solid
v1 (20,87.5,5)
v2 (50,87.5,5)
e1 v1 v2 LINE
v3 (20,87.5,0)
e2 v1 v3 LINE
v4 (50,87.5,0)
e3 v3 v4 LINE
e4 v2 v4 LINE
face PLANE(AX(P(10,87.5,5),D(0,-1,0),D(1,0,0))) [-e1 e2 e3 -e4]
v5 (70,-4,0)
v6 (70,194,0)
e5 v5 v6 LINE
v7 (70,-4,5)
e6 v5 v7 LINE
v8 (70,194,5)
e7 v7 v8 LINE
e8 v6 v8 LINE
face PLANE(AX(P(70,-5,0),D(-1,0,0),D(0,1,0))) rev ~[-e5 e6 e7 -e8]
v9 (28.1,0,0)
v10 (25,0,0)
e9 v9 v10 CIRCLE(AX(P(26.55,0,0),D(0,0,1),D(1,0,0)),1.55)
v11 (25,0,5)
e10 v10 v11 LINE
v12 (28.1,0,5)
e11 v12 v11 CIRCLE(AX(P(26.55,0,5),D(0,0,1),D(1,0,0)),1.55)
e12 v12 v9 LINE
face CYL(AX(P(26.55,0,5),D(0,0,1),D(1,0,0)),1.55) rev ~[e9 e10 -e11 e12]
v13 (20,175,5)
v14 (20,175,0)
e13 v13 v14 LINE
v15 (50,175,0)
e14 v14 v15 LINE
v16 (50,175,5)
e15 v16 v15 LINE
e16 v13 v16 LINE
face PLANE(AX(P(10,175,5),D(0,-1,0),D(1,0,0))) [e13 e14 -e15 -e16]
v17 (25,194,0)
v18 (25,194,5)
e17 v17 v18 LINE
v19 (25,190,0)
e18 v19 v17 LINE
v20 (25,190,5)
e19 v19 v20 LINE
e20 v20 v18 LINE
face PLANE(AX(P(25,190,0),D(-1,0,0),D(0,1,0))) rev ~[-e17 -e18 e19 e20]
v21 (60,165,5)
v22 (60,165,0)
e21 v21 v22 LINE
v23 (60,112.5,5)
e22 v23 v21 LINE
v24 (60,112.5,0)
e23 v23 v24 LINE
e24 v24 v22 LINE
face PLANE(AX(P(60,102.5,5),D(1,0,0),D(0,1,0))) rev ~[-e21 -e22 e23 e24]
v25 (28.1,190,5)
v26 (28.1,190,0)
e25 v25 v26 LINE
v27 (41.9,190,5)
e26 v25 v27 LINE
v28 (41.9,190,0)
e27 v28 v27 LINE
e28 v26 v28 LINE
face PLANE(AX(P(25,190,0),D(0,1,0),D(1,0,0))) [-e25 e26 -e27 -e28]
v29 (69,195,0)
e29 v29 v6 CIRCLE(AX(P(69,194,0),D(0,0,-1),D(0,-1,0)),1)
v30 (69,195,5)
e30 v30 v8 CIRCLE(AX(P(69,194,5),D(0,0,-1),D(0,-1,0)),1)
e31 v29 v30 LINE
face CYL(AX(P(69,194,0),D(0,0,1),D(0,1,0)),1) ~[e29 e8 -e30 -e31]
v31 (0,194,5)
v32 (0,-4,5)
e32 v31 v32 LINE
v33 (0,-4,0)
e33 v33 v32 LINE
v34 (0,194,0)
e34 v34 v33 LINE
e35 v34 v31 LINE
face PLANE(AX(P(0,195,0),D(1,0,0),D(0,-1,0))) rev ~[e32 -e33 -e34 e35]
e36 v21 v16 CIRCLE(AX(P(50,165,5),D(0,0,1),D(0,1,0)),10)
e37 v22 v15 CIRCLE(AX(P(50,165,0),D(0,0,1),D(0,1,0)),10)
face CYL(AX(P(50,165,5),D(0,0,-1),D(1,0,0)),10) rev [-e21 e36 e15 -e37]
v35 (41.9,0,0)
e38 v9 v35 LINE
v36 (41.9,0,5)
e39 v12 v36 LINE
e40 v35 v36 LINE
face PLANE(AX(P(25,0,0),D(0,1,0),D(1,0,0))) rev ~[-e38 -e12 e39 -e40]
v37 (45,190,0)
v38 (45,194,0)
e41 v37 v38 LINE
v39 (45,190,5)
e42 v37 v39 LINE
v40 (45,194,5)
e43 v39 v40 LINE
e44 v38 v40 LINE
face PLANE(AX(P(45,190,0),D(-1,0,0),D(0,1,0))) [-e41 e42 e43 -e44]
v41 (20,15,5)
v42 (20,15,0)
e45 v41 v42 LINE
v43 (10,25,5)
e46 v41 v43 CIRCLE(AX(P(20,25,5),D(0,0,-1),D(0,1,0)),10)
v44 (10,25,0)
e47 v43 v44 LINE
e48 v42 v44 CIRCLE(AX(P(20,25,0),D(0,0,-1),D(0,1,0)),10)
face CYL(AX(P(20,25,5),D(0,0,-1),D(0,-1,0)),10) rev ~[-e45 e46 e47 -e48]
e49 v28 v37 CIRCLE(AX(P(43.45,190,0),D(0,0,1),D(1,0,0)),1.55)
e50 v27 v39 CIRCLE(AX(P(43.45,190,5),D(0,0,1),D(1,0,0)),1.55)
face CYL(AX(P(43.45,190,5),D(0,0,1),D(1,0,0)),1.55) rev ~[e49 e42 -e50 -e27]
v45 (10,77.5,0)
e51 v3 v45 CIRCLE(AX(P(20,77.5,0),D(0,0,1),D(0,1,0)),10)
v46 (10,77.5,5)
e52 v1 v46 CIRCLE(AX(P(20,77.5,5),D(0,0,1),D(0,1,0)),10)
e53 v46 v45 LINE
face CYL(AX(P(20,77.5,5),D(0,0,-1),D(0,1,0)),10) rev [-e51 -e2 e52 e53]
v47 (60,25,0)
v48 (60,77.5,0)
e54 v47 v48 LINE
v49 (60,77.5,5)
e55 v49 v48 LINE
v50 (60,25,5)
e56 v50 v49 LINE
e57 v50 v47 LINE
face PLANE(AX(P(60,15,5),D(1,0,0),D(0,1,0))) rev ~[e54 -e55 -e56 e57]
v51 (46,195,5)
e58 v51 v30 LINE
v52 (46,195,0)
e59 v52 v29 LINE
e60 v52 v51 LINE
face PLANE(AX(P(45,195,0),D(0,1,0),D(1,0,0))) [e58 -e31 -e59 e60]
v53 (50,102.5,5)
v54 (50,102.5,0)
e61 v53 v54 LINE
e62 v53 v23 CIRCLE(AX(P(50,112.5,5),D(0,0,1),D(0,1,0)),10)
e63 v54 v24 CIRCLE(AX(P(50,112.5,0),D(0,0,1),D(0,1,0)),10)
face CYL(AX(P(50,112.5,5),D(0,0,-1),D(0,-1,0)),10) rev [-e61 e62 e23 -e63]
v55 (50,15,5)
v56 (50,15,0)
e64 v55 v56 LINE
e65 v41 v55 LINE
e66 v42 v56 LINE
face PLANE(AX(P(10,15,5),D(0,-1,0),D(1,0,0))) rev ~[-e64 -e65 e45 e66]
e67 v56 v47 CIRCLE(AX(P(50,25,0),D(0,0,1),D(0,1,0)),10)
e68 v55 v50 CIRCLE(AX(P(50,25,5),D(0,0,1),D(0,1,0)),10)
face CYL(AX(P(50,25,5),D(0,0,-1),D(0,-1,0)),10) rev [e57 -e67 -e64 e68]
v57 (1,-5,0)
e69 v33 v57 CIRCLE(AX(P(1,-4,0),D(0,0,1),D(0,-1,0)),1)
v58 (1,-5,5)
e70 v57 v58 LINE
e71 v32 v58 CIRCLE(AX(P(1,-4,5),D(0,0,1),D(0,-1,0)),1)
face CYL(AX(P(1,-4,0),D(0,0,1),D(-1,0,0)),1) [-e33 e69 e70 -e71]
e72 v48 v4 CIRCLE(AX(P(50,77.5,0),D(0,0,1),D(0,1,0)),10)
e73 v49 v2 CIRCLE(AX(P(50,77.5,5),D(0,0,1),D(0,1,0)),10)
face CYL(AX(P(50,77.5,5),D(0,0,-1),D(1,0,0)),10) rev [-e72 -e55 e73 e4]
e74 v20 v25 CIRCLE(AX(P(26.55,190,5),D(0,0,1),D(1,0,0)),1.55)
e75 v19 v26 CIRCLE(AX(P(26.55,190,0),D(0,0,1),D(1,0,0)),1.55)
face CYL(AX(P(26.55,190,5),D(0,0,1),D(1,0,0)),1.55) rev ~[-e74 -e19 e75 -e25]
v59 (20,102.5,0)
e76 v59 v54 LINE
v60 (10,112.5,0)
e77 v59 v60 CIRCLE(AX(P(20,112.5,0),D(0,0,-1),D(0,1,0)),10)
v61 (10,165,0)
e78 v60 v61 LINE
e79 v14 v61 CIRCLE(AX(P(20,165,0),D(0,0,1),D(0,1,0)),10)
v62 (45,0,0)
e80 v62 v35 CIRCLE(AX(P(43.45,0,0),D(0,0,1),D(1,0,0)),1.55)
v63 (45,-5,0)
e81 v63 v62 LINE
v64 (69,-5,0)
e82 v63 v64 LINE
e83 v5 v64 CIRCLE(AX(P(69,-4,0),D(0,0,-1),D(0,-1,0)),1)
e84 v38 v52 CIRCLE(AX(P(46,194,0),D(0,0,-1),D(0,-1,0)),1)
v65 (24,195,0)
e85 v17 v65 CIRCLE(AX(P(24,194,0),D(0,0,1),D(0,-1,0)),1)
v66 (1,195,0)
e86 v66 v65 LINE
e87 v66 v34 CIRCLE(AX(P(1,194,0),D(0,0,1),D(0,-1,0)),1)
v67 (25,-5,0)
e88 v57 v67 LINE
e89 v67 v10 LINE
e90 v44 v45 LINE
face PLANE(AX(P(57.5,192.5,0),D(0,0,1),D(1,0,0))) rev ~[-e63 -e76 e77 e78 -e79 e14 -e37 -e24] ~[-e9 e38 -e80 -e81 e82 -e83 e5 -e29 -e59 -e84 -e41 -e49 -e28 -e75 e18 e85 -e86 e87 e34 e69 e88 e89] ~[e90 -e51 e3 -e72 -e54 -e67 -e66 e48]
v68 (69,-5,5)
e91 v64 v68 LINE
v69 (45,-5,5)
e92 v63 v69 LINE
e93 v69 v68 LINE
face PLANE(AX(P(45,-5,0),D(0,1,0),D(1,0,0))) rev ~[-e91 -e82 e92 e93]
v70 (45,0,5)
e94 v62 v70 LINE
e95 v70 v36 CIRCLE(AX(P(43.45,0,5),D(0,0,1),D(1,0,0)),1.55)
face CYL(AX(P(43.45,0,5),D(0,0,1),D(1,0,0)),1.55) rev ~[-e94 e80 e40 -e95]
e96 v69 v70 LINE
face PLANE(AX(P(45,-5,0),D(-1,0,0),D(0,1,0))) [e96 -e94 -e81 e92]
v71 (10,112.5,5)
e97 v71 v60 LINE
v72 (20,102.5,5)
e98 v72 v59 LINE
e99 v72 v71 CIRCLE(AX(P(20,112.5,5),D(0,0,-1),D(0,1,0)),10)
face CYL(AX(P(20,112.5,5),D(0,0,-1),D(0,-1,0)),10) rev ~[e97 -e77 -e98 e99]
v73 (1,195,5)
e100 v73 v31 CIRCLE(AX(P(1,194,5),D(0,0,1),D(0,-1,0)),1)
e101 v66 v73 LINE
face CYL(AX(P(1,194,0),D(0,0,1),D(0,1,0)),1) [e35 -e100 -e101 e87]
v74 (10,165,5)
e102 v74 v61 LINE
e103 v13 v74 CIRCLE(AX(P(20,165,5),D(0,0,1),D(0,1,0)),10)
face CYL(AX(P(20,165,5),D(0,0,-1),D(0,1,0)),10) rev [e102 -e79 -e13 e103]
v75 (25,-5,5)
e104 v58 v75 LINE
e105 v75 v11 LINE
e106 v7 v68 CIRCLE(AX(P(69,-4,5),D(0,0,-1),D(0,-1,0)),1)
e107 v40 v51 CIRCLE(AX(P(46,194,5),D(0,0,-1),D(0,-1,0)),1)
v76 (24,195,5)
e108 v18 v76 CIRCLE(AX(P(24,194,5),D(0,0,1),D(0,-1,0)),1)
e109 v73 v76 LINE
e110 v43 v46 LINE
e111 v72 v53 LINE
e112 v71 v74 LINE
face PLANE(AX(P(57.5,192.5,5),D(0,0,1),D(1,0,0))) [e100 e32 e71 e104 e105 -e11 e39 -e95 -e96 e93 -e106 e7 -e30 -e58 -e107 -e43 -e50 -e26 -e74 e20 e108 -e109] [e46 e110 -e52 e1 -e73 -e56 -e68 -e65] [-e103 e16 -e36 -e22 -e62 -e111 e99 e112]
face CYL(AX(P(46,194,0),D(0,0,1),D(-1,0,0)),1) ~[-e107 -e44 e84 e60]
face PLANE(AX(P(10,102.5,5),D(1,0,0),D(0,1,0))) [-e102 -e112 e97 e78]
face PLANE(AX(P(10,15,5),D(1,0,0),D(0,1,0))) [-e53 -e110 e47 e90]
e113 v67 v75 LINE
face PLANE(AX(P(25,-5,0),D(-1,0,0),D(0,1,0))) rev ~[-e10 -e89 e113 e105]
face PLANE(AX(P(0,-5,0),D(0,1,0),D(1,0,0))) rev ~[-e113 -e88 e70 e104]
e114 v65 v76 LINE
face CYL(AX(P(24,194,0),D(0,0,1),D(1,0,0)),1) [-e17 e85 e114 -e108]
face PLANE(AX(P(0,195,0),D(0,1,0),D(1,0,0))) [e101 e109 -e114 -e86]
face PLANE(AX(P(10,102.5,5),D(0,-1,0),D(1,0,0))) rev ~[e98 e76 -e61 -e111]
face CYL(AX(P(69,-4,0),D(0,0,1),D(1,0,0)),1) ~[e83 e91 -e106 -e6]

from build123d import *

# Parameters (mm, degrees)
SKETCH_1_W          = 25
SKETCH_1_H          = 5
SKETCH_1_W_2        = 70
SKETCH_1_H_2        = 190
EXTRUDE_1_DEPTH     = 5
SKETCH_2_R          = 1.55
CUT_EXTRUDE_1_DEPTH = 5
SKETCH_3_W          = 50
SKETCH_3_H          = 72.5
CUT_EXTRUDE_2_DEPTH = 5
FILLET_1_R          = 10
FILLET_2_R          = 1


with BuildPart() as part:
    # 草图1 → 凸台-拉伸1 (new body)
    with BuildSketch(Plane.XY):
        with Locations((57.5, 192.5)):
            Rectangle(SKETCH_1_W, SKETCH_1_H)
        with Locations((35, 95)):
            Rectangle(SKETCH_1_W_2, SKETCH_1_H_2)
        with Locations((12.5, 192.5)):
            Rectangle(SKETCH_1_W, SKETCH_1_H)
        with Locations((57.5, -2.5)):
            Rectangle(SKETCH_1_W, SKETCH_1_H)
        with Locations((12.5, -2.5)):
            Rectangle(SKETCH_1_W, SKETCH_1_H)
    extrude(amount=EXTRUDE_1_DEPTH)

    # 草图2 → 切除-拉伸1 (cut)
    with BuildSketch(Plane.XY.offset(5)):
        with Locations((43.45, 0)):
            Circle(SKETCH_2_R)
        with Locations((26.55, 0)):
            Circle(SKETCH_2_R)
        with Locations((43.45, 190)):
            Circle(SKETCH_2_R)
        with Locations((26.55, 190)):
            Circle(SKETCH_2_R)
    extrude(amount=-CUT_EXTRUDE_1_DEPTH, mode=Mode.SUBTRACT)

    # 草图3 → 切除-拉伸2 (cut)
    with BuildSketch(Plane.XY.offset(5)):
        with Locations((35, 51.25)):
            Rectangle(SKETCH_3_W, SKETCH_3_H)
        with Locations((35, 138.75)):
            Rectangle(SKETCH_3_W, SKETCH_3_H)
    extrude(amount=-CUT_EXTRUDE_2_DEPTH, mode=Mode.SUBTRACT)

    # 圆角1
    fillet_1_edges = [part.edges().sort_by_distance(p)[0] for p in [
        (10, 15, 2.5),
        (10, 87.5, 2.5),
        (60, 87.5, 2.5),
        (60, 15, 2.5),
        (10, 102.5, 2.5),
        (10, 175, 2.5),
        (60, 175, 2.5),
        (60, 102.5, 2.5),
    ]]
    fillet(fillet_1_edges, radius=FILLET_1_R)

    # 圆角2
    fillet_2_edges = [part.edges().sort_by_distance(p)[0] for p in [
        (45, 195, 2.5),
        (70, 195, 2.5),
        (70, -5, 2.5),
        (0, -5, 2.5),
        (0, 195, 2.5),
        (25, 195, 2.5),
    ]]
    fillet(fillet_2_edges, radius=FILLET_2_R)


solid = part.part
